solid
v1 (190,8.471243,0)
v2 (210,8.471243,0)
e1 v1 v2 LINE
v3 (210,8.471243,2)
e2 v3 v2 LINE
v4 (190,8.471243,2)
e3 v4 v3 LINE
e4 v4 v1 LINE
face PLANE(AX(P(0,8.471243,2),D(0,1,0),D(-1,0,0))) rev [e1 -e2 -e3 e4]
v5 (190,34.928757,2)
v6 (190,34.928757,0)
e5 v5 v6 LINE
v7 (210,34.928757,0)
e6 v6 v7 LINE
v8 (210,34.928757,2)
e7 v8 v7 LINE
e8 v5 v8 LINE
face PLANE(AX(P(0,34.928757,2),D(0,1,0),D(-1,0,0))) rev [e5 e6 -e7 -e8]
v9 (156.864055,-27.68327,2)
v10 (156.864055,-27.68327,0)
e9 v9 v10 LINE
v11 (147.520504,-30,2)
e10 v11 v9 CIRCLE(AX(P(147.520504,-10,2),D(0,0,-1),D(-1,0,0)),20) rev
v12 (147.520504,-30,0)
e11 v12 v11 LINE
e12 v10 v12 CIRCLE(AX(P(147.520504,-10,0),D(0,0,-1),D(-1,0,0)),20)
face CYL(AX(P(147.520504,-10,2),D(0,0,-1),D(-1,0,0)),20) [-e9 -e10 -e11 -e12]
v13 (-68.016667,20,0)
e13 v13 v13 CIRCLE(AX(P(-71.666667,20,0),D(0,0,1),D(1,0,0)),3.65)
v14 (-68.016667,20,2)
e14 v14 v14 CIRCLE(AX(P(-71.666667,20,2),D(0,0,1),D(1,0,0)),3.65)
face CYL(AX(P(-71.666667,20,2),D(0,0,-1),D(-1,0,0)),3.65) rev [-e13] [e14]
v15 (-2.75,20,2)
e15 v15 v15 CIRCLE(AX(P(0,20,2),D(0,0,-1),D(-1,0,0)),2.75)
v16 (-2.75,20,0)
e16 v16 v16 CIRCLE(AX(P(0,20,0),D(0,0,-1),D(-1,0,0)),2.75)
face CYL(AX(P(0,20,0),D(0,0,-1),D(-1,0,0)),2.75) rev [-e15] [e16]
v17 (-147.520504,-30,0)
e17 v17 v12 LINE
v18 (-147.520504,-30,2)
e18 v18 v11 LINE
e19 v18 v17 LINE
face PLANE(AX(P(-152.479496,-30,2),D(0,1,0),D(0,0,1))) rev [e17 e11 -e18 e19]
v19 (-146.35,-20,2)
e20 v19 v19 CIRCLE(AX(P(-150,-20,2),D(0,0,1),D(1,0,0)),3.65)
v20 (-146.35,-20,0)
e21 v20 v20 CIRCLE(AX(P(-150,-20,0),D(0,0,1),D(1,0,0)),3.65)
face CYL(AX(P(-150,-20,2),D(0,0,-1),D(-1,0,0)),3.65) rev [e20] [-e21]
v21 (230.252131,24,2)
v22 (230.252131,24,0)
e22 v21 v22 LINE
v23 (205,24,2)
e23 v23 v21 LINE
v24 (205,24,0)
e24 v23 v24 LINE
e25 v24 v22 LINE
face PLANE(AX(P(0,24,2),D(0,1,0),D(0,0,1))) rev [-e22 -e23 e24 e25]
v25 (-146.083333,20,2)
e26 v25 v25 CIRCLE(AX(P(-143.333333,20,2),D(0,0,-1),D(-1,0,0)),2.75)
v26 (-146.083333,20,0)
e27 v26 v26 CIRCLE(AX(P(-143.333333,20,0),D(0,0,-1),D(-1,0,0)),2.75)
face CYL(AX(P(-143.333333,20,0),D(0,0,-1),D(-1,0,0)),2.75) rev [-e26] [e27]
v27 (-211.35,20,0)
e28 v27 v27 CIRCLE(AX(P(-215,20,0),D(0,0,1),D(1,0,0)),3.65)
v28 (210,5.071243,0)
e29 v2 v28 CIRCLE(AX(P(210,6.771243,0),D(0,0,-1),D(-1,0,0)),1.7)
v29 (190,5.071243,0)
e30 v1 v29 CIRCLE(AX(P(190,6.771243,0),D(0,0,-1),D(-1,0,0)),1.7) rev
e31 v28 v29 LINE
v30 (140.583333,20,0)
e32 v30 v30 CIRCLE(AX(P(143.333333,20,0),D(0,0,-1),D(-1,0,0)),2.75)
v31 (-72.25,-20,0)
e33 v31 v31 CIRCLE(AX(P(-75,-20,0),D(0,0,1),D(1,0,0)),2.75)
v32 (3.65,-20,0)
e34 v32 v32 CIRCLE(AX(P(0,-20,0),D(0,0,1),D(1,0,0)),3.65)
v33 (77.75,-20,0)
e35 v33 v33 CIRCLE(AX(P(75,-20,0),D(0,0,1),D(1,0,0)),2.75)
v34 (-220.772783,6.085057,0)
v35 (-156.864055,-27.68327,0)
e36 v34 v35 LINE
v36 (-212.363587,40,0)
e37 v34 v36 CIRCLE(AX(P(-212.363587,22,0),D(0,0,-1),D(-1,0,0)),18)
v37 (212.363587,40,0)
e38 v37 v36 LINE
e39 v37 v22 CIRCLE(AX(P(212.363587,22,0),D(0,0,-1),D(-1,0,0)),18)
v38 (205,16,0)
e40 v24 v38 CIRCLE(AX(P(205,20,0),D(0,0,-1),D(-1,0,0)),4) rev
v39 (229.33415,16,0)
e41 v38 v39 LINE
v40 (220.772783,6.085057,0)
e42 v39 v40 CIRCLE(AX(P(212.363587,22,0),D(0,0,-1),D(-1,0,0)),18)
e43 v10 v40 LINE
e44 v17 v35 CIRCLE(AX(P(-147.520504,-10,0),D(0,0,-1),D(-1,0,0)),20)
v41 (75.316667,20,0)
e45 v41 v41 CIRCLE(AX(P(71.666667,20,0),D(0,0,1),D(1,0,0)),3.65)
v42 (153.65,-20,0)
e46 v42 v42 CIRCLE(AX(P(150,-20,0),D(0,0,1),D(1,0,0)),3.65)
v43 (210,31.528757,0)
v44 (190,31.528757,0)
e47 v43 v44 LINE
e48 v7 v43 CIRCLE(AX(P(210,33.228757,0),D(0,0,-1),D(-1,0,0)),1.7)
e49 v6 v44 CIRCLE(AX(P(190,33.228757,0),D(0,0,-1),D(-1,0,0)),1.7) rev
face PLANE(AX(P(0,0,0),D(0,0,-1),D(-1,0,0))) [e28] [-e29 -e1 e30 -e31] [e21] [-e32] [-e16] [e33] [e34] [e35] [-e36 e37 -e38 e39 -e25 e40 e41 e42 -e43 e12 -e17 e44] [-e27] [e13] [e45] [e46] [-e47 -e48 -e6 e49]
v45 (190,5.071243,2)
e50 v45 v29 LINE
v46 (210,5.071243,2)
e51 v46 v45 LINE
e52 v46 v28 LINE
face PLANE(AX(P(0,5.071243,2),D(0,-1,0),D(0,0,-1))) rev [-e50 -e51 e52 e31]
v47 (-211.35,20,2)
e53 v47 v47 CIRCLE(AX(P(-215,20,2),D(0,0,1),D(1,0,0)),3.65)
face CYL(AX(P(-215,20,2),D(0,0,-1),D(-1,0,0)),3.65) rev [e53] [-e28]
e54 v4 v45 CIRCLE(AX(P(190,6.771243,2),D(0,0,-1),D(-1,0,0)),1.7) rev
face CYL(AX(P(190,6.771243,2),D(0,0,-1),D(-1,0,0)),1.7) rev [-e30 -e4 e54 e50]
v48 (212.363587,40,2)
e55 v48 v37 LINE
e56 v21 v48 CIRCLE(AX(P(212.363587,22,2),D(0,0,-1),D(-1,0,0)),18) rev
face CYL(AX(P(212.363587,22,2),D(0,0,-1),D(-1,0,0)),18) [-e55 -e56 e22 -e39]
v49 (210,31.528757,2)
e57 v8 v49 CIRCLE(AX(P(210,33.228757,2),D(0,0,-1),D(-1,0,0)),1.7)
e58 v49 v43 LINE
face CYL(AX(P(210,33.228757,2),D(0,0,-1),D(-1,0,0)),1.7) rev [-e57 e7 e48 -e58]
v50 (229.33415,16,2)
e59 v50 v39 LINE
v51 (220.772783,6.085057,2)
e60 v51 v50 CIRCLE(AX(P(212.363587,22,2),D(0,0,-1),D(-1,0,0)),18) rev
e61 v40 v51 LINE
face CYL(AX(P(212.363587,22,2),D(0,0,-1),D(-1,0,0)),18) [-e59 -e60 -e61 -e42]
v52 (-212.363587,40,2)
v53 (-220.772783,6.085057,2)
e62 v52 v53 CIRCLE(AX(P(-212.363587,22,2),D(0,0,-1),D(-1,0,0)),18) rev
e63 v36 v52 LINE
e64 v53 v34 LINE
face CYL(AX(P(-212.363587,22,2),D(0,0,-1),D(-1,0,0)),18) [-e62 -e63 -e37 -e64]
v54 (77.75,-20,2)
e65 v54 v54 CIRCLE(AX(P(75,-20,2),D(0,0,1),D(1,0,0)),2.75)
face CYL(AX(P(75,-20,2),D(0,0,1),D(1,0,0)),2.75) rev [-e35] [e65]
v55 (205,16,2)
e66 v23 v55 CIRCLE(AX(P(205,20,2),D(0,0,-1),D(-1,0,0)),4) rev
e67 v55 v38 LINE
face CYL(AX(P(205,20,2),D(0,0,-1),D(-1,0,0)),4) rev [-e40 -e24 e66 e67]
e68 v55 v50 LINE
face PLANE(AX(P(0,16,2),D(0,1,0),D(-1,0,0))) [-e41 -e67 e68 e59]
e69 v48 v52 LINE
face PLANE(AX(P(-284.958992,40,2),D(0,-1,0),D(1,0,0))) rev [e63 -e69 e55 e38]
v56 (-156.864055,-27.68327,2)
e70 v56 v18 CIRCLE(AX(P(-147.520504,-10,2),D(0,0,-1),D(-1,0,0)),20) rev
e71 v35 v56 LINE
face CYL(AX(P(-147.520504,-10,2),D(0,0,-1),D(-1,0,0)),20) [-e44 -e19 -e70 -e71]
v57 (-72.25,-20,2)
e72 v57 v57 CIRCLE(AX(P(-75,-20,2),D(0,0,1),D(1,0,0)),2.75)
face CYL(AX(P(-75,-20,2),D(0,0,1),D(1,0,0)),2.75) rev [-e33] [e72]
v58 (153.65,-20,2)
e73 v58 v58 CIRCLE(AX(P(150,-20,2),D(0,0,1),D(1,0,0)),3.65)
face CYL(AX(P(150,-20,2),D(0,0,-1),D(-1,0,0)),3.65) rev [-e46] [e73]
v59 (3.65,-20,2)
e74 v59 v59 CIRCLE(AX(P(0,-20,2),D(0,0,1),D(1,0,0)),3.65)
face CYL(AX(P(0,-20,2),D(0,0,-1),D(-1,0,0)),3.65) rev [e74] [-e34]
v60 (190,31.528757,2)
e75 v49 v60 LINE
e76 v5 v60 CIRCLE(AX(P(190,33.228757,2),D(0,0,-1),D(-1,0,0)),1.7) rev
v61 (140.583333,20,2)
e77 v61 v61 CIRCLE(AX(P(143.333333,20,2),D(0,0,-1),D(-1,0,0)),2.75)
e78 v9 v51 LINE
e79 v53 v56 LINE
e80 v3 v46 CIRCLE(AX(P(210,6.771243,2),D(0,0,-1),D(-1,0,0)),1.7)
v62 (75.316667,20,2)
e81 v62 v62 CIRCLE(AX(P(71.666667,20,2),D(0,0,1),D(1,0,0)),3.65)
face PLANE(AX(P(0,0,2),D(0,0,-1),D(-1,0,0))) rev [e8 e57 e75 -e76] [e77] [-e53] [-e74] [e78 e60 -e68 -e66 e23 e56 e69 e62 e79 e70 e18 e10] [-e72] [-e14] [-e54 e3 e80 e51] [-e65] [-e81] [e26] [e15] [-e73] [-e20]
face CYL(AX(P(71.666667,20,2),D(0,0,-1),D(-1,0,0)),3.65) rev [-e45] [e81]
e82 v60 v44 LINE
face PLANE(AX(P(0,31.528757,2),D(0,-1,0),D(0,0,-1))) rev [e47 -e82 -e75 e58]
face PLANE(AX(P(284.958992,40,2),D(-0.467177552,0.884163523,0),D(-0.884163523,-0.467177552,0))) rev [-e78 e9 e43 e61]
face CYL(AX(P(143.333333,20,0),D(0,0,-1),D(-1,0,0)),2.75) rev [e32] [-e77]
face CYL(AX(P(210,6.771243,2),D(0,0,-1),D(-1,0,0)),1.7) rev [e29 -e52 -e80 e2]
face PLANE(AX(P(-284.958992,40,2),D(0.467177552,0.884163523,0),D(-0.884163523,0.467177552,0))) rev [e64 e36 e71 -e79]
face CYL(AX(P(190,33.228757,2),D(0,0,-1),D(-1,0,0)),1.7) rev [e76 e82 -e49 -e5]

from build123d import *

# Parameters (mm, degrees)
ESQUISSE1_R             = 3.65
BOSS_EXTRU_1_DEPTH      = 2
CONG_1_R                = 18
CONG_2_R                = 20
D_GAGEMENT_M31_D        = 3.4
ENL_V_MAT_EXTRU_1_DEPTH = 234.819122898
D_GAGEMENT_M51_D        = 5.5
D_GAGEMENT_M52_D        = 5.5


with BuildPart() as part:
    # Esquisse1 → Boss.-Extru.1 (new body)
    with BuildSketch(Plane.XY):
        Polygon((-284.958991582, 40), (-150, 40), (150, 40), (284.958991582, 40), (152.479495791, -30), (-152.479495791, -30), align=None)
        with Locations((-215, 20)):
            Circle(ESQUISSE1_R, mode=Mode.SUBTRACT)
        with Locations((-150, -20)):
            Circle(ESQUISSE1_R, mode=Mode.SUBTRACT)
        with Locations((150, -20)):
            Circle(ESQUISSE1_R, mode=Mode.SUBTRACT)
        with Locations((215, 20)):
            Circle(ESQUISSE1_R, mode=Mode.SUBTRACT)
        with Locations((0, -20)):
            Circle(ESQUISSE1_R, mode=Mode.SUBTRACT)
        with Locations((-71.666666667, 20)):
            Circle(ESQUISSE1_R, mode=Mode.SUBTRACT)
        with Locations((71.666666667, 20)):
            Circle(ESQUISSE1_R, mode=Mode.SUBTRACT)
    extrude(amount=BOSS_EXTRU_1_DEPTH)

    # Congé1
    cong_1_edges = [part.edges().sort_by_distance(p)[0] for p in [
        (-284.958991582, 40, 1),
        (284.958991582, 40, 1),
    ]]
    fillet(cong_1_edges, radius=CONG_1_R)

    # Congé2
    cong_2_edges = [part.edges().sort_by_distance(p)[0] for p in [
        (152.479495791, -30, 1),
        (-152.479495791, -30, 1),
    ]]
    fillet(cong_2_edges, radius=CONG_2_R)

    # Dégagement M31 (through all)
    with Locations(Plane(origin=(0, 0, 0), x_dir=(-1, 0, 0), z_dir=(0, 0, -1))):
        with Locations((-200, 33.228756555), (-200, 6.771243445)):
            Hole(D_GAGEMENT_M31_D / 2)

    # Esquisse4 → Enlèv. mat.-Extru.1 (cut, through all)
    with BuildSketch(Plane(origin=(0, 0, 0), x_dir=(-1, 0, 0), z_dir=(0, 0, -1))):
        with BuildLine():
            Line((-229.334149786, 16), (-205, 16))
            ThreePointArc((-205, 16), (-201, 20), (-205, 24))
            Line((-205, 24), (-230.252130857, 24))
            ThreePointArc((-230.252130857, 24), (-230.246241418, 19.948007721), (-229.334149786, 16))
        make_face()
        with BuildLine():
            Line((-210, 31.528756555), (-190, 31.528756555))
            ThreePointArc((-190, 31.528756555), (-188.3, 33.228756555), (-190, 34.928756555))
            Line((-190, 34.928756555), (-210, 34.928756555))
            ThreePointArc((-210, 34.928756555), (-211.7, 33.228756555), (-210, 31.528756555))
        make_face()
        with BuildLine():
            Line((-210, 5.071243445), (-190, 5.071243445))
            ThreePointArc((-190, 5.071243445), (-188.3, 6.771243445), (-190, 8.471243445))
            Line((-190, 8.471243445), (-210, 8.471243445))
            ThreePointArc((-210, 8.471243445), (-211.7, 6.771243445), (-210, 5.071243445))
        make_face()
    extrude(amount=-ENL_V_MAT_EXTRU_1_DEPTH, mode=Mode.SUBTRACT)

    # Dégagement M51 (through all)
    with Locations(Plane(origin=(0, 0, 0), x_dir=(-1, 0, 0), z_dir=(0, 0, -1))):
        with Locations((143.333333333, 20), (0, 20), (-143.333333333, 20)):
            Hole(D_GAGEMENT_M51_D / 2)

    # Dégagement M52 (through all)
    with Locations(Plane.XY.offset(2)):
        with Locations((-75, -20), (75, -20)):
            Hole(D_GAGEMENT_M52_D / 2)


solid = part.part
